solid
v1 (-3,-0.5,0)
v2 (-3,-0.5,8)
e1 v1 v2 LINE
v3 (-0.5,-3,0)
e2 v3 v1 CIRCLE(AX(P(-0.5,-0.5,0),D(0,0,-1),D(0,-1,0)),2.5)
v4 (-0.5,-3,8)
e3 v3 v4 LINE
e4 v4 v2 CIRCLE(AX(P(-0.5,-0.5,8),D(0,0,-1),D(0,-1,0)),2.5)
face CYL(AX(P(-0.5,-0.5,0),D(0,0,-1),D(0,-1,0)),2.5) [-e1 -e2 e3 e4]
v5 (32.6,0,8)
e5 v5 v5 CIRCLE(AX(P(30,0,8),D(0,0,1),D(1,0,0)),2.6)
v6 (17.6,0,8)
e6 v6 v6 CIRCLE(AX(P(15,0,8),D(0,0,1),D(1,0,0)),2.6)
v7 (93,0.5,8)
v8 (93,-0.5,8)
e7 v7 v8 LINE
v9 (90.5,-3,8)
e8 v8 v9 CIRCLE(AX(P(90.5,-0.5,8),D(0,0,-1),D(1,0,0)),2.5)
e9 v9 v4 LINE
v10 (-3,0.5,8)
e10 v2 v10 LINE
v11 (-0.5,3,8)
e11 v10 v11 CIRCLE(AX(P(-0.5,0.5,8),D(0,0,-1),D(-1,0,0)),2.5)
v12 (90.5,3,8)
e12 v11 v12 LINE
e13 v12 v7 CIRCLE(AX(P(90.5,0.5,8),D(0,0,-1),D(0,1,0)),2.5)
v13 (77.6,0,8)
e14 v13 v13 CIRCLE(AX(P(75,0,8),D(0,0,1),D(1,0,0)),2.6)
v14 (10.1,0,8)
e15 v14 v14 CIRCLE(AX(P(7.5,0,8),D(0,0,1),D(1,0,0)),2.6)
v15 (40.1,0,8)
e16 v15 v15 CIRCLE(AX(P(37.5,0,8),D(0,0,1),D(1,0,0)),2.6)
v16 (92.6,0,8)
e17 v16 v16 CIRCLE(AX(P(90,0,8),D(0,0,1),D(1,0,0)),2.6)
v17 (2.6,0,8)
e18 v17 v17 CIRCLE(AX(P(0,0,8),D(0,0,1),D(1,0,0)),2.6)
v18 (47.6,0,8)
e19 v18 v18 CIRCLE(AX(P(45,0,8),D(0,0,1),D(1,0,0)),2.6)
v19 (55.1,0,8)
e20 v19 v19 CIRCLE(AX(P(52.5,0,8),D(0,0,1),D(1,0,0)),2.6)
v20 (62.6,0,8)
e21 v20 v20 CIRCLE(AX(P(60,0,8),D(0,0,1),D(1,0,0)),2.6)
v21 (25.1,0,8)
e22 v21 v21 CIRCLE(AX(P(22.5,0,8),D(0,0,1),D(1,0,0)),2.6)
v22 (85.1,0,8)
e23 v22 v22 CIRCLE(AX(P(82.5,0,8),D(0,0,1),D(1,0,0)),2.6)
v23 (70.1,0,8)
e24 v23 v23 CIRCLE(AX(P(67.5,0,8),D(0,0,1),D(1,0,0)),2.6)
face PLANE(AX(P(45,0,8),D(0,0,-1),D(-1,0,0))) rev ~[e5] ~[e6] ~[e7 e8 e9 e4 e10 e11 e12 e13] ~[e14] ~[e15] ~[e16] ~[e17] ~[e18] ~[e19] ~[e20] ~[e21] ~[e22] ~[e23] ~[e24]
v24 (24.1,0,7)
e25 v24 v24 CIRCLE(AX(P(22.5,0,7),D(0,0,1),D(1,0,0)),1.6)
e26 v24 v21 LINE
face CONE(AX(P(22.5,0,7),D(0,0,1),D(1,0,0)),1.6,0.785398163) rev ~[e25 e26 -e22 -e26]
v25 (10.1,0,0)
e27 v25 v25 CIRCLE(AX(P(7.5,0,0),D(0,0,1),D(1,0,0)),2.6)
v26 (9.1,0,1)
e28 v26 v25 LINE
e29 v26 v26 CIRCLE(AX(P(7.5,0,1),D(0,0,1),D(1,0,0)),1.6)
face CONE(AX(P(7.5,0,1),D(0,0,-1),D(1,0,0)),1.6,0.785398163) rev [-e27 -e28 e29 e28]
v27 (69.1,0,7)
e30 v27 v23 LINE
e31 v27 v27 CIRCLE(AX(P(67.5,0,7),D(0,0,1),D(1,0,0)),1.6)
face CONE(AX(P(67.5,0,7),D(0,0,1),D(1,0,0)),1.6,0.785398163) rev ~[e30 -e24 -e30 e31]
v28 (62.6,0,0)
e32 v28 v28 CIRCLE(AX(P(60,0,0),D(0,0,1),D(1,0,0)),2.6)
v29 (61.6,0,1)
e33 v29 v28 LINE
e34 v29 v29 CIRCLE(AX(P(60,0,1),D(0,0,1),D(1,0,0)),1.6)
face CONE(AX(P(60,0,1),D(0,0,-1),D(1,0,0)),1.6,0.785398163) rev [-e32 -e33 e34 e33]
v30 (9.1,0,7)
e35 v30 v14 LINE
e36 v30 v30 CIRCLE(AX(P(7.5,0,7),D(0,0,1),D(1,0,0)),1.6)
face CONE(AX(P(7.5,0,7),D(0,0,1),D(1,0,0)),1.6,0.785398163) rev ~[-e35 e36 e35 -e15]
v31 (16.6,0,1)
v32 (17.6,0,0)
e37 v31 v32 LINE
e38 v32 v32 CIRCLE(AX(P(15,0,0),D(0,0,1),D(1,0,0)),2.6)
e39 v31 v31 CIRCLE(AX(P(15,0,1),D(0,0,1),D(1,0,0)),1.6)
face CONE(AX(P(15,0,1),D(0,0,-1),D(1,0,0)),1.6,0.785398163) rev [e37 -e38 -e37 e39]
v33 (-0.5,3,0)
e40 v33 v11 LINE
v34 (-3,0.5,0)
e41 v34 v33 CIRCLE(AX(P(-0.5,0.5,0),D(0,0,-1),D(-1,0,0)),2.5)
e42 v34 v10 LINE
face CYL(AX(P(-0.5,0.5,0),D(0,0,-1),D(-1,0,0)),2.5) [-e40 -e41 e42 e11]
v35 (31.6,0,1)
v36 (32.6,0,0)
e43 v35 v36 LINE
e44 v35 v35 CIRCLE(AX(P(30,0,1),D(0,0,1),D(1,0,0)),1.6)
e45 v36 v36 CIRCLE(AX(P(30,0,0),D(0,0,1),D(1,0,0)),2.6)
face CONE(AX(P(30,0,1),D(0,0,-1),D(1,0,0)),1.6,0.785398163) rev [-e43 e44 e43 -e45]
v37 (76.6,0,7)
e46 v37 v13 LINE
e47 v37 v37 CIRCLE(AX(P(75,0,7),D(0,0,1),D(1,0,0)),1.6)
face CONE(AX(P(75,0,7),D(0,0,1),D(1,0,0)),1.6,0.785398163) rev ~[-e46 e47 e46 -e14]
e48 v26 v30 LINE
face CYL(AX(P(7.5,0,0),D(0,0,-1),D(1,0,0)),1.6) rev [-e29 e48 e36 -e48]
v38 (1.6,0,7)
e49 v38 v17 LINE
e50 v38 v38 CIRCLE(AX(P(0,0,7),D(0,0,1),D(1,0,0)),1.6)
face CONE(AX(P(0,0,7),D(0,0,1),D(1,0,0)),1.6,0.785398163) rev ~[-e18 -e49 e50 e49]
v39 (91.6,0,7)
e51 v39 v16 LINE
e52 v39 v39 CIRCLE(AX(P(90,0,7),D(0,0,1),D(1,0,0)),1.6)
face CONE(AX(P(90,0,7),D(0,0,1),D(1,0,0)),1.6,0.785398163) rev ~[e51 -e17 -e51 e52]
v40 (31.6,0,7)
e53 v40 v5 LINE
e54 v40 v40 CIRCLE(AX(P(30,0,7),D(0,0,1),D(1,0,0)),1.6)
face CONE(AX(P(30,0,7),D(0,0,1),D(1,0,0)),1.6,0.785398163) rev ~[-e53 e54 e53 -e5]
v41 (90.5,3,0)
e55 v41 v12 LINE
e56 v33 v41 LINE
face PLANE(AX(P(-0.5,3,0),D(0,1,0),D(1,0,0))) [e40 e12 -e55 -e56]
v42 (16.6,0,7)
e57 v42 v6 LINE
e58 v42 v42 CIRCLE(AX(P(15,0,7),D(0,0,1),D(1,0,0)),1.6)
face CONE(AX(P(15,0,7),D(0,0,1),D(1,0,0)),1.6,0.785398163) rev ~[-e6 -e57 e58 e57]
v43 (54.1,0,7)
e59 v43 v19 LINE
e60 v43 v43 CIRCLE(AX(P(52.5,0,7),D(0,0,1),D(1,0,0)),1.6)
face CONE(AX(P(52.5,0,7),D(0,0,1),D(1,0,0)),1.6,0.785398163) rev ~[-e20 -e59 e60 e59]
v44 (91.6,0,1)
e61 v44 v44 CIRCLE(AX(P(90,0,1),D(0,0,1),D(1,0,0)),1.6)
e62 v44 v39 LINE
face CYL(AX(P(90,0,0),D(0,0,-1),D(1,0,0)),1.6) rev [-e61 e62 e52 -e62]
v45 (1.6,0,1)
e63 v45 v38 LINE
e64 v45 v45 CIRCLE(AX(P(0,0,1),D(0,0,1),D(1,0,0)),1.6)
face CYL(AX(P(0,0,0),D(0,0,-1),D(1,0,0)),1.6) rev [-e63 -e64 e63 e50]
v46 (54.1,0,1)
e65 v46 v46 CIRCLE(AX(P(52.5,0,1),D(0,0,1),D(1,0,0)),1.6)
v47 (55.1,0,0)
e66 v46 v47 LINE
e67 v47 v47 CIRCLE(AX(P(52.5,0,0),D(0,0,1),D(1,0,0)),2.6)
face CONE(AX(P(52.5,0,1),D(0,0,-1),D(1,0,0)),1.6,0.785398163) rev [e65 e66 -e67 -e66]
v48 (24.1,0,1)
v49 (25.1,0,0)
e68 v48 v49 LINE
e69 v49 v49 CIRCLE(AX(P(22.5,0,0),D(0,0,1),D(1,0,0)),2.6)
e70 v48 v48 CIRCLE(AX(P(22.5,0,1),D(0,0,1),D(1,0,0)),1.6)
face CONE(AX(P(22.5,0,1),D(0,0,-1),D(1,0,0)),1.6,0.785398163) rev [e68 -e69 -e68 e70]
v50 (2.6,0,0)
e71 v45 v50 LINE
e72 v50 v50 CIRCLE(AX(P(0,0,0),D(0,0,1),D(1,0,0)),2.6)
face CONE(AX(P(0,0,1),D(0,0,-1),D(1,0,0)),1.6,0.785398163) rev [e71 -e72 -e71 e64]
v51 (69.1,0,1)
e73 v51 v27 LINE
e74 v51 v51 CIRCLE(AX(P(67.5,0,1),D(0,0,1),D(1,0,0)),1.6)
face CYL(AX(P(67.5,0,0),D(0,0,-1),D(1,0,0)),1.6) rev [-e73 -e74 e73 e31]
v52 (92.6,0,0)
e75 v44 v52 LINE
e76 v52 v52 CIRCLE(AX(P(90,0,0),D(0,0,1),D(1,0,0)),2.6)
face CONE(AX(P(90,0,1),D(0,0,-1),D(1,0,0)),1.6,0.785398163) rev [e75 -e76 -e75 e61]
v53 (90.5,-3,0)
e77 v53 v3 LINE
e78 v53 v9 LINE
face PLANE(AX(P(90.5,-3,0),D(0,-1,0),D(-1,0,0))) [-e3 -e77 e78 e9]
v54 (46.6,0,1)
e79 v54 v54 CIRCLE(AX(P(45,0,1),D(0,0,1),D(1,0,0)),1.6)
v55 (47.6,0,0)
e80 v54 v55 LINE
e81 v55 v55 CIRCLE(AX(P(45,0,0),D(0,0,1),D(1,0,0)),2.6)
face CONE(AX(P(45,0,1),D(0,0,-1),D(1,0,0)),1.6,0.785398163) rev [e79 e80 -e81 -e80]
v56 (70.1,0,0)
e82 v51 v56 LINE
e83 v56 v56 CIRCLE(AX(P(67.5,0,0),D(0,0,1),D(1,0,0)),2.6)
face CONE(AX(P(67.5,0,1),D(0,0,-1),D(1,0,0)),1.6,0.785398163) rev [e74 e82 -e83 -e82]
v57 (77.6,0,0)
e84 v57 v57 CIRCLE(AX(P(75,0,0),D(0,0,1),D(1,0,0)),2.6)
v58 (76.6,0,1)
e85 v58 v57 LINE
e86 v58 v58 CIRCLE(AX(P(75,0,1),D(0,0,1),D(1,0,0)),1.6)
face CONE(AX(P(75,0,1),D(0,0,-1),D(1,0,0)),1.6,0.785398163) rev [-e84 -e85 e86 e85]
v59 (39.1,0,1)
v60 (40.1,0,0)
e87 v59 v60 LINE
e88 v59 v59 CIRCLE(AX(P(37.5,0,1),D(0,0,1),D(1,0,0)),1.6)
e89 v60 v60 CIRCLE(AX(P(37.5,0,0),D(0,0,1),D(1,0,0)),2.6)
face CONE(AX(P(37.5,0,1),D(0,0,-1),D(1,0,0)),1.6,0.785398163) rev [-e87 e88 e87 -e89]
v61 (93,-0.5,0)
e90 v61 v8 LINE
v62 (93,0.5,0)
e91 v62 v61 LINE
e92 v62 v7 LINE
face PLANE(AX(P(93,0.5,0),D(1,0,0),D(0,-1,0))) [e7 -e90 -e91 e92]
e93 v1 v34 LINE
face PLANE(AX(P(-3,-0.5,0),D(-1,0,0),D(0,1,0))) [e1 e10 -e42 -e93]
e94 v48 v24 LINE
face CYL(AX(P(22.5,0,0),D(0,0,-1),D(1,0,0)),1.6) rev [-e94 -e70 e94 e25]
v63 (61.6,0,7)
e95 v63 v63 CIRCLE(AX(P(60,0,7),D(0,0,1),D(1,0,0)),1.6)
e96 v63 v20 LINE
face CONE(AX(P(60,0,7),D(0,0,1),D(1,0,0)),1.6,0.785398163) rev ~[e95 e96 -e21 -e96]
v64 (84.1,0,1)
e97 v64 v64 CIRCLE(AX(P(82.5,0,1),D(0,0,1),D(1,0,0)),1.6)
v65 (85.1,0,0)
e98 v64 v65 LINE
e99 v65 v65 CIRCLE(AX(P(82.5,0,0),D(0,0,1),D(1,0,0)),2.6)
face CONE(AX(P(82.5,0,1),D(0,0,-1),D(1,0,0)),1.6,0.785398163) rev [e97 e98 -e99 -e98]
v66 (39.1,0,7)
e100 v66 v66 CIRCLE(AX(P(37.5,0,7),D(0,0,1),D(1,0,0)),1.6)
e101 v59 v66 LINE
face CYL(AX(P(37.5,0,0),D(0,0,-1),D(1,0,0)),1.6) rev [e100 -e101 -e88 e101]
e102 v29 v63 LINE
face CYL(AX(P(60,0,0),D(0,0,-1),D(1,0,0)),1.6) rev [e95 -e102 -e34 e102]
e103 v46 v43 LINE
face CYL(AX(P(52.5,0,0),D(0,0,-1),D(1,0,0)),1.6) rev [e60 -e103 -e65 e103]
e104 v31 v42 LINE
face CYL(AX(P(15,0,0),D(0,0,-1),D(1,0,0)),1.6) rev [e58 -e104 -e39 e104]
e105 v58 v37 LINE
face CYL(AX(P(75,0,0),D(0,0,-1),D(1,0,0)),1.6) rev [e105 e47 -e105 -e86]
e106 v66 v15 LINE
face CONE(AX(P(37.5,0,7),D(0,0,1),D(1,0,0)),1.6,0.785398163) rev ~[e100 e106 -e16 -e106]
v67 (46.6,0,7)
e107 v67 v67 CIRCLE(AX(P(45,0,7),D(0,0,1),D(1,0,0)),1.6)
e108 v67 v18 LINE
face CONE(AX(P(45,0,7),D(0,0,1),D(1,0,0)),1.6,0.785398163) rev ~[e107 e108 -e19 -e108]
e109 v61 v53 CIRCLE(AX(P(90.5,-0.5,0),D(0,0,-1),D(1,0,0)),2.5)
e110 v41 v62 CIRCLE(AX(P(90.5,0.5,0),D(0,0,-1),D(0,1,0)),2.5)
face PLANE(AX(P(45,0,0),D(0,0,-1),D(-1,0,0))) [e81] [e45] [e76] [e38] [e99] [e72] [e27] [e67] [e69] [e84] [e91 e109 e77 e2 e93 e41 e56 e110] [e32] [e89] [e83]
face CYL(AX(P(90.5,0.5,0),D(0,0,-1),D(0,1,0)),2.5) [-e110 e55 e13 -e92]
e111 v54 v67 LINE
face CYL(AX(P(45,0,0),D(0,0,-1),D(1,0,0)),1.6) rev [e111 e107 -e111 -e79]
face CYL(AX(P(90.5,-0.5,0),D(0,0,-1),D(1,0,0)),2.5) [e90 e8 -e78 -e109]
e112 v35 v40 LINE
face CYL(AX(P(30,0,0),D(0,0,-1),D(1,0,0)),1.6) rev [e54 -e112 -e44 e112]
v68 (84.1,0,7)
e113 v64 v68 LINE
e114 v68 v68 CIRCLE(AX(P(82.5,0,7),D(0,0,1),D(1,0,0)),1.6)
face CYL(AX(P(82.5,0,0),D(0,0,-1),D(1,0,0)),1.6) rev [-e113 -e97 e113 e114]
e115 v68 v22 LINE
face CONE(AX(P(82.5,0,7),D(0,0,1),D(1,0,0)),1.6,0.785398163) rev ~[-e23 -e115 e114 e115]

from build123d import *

# Parameters (mm, degrees)
SKETCH1_R           = 1.6
BOSS_EXTRUDE1_DEPTH = 8
CHAMFER1_SIZE       = 1


with BuildPart() as part:
    # Sketch1 → Boss-Extrude1 (new body)
    with BuildSketch(Plane.XY):
        with BuildLine():
            Line((-0.5, 3), (90.5, 3))
            ThreePointArc((90.5, 3), (92.267766953, 2.267766953), (93, 0.5))
            Line((93, 0.5), (93, -0.5))
            ThreePointArc((93, -0.5), (92.267766953, -2.267766953), (90.5, -3))
            Line((90.5, -3), (-0.5, -3))
            ThreePointArc((-0.5, -3), (-2.267766953, -2.267766953), (-3, -0.5))
            Line((-3, -0.5), (-3, 0.5))
            ThreePointArc((-3, 0.5), (-2.267766953, 2.267766953), (-0.5, 3))
        make_face()
        Circle(SKETCH1_R, mode=Mode.SUBTRACT)
        with Locations((7.5, 0)):
            Circle(SKETCH1_R, mode=Mode.SUBTRACT)
        with Locations((15, 0)):
            Circle(SKETCH1_R, mode=Mode.SUBTRACT)
        with Locations((22.5, 0)):
            Circle(SKETCH1_R, mode=Mode.SUBTRACT)
        with Locations((30, 0)):
            Circle(SKETCH1_R, mode=Mode.SUBTRACT)
        with Locations((37.5, 0)):
            Circle(SKETCH1_R, mode=Mode.SUBTRACT)
        with Locations((45, 0)):
            Circle(SKETCH1_R, mode=Mode.SUBTRACT)
        with Locations((52.5, 0)):
            Circle(SKETCH1_R, mode=Mode.SUBTRACT)
        with Locations((60, 0)):
            Circle(SKETCH1_R, mode=Mode.SUBTRACT)
        with Locations((67.5, 0)):
            Circle(SKETCH1_R, mode=Mode.SUBTRACT)
        with Locations((75, 0)):
            Circle(SKETCH1_R, mode=Mode.SUBTRACT)
        with Locations((82.5, 0)):
            Circle(SKETCH1_R, mode=Mode.SUBTRACT)
        with Locations((90, 0)):
            Circle(SKETCH1_R, mode=Mode.SUBTRACT)
    extrude(amount=BOSS_EXTRUDE1_DEPTH)

    # Chamfer1
    chamfer1_edges = [part.edges().sort_by_distance(p)[0] for p in [
        (-1.6, 0, 0),
        (-1.6, 0, 8),
        (5.9, 0, 0),
        (5.9, 0, 8),
        (13.4, 0, 0),
        (13.4, 0, 8),
        (20.9, 0, 0),
        (20.9, 0, 8),
        (28.4, 0, 0),
        (28.4, 0, 8),
        (35.9, 0, 0),
        (35.9, 0, 8),
        (43.4, 0, 0),
        (43.4, 0, 8),
        (50.9, 0, 0),
        (50.9, 0, 8),
        (58.4, 0, 0),
        (58.4, 0, 8),
        (65.9, 0, 0),
        (65.9, 0, 8),
        (73.4, 0, 0),
        (73.4, 0, 8),
        (80.9, 0, 0),
        (80.9, 0, 8),
        (88.4, 0, 0),
        (88.4, 0, 8),
    ]]
    chamfer(chamfer1_edges, length=CHAMFER1_SIZE)


solid = part.part
